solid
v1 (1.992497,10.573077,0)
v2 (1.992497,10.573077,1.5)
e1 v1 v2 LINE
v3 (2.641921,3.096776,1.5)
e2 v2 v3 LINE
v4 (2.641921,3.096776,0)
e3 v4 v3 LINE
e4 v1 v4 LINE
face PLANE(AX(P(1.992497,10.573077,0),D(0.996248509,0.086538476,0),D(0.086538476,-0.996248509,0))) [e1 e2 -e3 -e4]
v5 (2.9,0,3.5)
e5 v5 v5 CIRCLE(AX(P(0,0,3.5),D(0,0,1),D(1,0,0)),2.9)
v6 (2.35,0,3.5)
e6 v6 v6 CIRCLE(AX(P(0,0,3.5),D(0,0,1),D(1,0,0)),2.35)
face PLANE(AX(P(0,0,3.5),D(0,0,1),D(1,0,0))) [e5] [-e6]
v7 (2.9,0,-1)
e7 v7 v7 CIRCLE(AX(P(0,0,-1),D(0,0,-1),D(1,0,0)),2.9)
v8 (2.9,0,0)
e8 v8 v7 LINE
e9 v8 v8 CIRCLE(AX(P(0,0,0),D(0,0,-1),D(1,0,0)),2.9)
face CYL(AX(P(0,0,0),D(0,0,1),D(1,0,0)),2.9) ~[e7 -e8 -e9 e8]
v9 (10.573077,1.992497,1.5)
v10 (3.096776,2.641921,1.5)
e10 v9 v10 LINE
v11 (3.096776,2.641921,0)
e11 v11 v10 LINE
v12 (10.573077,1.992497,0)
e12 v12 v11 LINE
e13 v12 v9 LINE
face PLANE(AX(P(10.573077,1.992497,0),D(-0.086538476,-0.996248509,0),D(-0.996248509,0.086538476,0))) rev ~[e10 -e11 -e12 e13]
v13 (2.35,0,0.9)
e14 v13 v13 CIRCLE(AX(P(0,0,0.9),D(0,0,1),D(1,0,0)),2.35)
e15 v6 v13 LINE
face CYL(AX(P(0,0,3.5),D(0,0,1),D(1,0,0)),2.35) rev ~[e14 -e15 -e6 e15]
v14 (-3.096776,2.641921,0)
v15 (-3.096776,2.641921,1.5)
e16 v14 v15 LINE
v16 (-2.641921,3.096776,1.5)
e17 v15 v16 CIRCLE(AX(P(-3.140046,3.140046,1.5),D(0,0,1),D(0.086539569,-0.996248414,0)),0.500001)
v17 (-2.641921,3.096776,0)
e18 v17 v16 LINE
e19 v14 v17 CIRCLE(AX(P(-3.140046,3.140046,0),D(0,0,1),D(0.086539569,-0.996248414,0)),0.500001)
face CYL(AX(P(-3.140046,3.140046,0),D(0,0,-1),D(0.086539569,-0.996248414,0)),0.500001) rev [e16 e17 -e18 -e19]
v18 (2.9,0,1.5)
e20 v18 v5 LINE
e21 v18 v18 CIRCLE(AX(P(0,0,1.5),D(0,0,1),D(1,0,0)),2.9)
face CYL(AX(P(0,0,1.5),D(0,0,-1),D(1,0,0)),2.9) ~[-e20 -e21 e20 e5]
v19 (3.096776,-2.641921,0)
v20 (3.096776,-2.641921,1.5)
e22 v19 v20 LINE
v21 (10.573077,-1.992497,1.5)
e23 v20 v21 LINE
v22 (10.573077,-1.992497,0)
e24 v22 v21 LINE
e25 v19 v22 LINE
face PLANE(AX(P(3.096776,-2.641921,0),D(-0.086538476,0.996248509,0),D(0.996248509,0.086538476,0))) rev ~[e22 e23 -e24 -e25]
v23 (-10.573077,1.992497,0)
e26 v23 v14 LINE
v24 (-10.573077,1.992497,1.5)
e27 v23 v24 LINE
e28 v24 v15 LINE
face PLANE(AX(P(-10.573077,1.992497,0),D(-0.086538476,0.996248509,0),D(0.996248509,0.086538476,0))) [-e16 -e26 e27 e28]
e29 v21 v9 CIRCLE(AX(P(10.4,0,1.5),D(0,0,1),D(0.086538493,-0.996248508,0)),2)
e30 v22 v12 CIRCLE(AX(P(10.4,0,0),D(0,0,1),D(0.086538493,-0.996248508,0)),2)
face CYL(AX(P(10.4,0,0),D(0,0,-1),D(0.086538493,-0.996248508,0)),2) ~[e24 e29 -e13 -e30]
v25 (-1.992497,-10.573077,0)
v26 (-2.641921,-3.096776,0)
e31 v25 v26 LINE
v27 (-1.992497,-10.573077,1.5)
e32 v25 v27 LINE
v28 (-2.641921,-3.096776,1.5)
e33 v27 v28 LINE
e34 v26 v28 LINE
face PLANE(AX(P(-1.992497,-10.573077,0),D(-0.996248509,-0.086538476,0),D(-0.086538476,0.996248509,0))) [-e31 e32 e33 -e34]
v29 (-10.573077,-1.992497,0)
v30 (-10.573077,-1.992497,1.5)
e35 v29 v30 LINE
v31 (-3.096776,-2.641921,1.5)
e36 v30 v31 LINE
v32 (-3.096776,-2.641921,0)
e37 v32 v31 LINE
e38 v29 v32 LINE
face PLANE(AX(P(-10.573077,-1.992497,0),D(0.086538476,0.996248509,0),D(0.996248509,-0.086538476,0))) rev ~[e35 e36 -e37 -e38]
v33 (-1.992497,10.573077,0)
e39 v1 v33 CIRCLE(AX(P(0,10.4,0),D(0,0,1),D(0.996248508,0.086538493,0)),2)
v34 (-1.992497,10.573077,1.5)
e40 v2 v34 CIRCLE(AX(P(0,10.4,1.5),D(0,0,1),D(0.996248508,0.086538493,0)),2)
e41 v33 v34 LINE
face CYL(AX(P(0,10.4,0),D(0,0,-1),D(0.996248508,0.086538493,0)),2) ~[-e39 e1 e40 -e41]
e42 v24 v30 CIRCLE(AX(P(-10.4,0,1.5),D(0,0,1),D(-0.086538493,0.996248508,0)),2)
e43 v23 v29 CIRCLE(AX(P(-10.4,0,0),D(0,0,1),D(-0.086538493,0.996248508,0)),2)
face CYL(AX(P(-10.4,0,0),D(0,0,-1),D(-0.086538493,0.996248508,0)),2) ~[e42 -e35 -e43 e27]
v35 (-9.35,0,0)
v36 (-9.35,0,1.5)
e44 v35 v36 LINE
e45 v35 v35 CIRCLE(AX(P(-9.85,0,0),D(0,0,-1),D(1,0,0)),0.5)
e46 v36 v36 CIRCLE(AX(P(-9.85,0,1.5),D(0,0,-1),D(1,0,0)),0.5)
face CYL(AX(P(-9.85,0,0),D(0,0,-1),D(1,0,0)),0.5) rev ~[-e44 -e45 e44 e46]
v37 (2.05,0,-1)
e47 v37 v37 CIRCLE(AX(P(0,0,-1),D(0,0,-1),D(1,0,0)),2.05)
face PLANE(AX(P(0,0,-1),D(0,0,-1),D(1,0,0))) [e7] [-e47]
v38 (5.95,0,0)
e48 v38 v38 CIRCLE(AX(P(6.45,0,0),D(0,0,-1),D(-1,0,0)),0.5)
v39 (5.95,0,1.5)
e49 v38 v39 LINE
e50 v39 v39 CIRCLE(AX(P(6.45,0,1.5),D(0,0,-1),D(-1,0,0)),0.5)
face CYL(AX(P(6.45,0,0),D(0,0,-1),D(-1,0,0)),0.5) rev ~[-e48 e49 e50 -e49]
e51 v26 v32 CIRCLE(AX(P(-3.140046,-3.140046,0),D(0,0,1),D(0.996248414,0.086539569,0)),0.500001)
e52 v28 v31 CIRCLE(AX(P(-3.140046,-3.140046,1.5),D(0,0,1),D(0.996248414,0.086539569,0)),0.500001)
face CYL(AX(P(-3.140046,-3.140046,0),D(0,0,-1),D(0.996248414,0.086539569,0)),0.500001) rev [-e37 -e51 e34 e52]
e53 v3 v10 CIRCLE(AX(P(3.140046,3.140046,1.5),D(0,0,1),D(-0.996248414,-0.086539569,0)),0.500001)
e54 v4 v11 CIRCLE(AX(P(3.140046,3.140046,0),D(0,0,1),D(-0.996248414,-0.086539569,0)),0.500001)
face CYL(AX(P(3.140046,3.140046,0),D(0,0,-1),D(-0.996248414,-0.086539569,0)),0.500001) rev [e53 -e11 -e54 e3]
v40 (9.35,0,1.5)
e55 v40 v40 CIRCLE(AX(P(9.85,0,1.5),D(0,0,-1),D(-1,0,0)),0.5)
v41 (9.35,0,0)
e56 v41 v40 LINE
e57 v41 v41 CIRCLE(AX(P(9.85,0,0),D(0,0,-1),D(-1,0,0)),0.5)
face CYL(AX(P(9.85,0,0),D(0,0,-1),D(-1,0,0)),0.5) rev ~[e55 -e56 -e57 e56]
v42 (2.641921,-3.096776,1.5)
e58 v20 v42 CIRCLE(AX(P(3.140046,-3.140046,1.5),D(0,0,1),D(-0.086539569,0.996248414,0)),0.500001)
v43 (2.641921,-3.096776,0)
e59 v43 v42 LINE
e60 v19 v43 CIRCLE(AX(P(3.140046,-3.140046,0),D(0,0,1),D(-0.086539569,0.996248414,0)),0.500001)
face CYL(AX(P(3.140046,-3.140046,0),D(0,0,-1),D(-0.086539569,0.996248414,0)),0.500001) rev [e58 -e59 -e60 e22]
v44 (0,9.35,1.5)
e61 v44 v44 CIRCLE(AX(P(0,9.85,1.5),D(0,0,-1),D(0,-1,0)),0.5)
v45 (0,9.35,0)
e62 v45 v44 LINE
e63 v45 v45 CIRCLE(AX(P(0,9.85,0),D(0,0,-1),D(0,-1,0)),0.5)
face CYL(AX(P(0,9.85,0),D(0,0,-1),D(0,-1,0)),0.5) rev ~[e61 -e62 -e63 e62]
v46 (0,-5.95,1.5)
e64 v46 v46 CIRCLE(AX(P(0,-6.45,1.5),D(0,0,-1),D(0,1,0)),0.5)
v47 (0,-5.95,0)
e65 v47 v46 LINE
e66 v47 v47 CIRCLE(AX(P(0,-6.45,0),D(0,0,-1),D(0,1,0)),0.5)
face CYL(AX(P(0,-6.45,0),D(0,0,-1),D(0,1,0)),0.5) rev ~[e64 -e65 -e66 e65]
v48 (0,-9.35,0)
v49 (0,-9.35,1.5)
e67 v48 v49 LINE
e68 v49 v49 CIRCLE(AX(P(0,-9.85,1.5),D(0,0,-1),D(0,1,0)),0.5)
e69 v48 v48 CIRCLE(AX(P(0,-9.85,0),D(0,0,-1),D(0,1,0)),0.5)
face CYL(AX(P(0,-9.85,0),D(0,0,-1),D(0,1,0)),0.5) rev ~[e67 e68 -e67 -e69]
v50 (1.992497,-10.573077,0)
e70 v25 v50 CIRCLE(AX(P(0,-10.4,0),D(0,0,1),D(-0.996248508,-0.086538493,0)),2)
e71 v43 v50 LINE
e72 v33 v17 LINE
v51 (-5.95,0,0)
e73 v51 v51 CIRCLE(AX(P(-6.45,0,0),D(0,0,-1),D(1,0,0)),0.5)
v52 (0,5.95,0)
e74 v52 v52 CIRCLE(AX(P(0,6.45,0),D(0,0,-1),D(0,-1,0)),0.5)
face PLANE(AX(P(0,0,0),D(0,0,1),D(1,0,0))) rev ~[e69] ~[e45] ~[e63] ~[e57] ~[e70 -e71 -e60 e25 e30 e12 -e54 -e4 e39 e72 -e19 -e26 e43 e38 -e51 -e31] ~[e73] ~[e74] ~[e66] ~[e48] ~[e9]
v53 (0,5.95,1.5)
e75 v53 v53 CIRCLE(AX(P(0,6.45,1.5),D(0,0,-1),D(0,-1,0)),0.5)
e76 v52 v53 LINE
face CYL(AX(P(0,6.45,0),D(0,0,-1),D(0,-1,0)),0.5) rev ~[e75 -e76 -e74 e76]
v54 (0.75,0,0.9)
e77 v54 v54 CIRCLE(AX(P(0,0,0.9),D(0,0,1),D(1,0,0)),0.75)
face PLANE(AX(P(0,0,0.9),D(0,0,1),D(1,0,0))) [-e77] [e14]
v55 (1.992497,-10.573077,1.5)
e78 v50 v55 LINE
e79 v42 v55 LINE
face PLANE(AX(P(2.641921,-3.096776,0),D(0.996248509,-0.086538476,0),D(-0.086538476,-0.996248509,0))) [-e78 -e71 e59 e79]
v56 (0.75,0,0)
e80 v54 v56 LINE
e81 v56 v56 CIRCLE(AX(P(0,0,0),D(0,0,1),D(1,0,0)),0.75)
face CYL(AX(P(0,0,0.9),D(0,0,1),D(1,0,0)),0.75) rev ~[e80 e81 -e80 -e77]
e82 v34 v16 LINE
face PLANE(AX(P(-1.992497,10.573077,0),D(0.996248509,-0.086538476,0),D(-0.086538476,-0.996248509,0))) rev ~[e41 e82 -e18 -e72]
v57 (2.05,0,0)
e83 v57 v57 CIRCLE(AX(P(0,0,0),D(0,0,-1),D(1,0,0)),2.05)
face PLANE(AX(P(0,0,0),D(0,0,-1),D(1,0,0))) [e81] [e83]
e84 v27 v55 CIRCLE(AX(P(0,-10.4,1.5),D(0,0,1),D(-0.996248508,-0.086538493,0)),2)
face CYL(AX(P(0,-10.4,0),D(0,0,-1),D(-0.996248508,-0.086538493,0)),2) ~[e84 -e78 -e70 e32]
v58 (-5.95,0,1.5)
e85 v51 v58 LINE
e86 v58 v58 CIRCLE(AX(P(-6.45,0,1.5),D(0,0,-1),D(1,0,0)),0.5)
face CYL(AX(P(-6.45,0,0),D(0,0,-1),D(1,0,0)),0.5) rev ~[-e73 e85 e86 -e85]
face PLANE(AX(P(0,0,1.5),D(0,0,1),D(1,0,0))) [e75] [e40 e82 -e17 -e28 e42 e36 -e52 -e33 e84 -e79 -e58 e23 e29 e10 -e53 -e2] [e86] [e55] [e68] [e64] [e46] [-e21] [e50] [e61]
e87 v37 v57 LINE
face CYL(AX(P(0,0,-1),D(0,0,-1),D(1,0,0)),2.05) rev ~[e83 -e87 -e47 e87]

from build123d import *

# Parameters (mm, degrees)
PAD_DEPTH          = 1.5
SKETCH001_R        = 2.9
PAD001_DEPTH       = 2
SKETCH002_R        = 2.35
POCKET_DEPTH       = 2.6
SKETCH003_R        = 0.75
POCKET001_DEPTH    = 0.901
SKETCH004_R        = 2.9
PAD002_DEPTH       = 1
SKETCH005_R        = 2.05
POCKET002_DEPTH    = 1
SKETCH006_R        = 0.5
POCKET003_DEPTH    = 74.221011
POLARPATTERN_COUNT = 4


with BuildPart() as part:
    # Sketch → Pad (new body)
    with BuildSketch(Plane.XY):
        with BuildLine():
            ThreePointArc((-10.573077, 1.992497), (-12.4, 0), (-10.573077, -1.992497))
            Line((-10.573077, -1.992497), (-3.096776, -2.641921))
            ThreePointArc((-2.641921, -3.096776), (-2.786492, -2.786492), (-3.096776, -2.641921))
            Line((-1.992497, -10.573077), (-2.641921, -3.096776))
            ThreePointArc((-1.992497, -10.573077), (0, -12.4), (1.992497, -10.573077))
            Line((2.641921, -3.096776), (1.992497, -10.573077))
            ThreePointArc((3.096776, -2.641921), (2.786492, -2.786492), (2.641921, -3.096776))
            Line((3.096776, -2.641921), (10.573077, -1.992497))
            ThreePointArc((10.573077, -1.992497), (12.4, 0), (10.573077, 1.992497))
            Line((10.573077, 1.992497), (3.096776, 2.641921))
            ThreePointArc((2.641921, 3.096776), (2.786492, 2.786492), (3.096776, 2.641921))
            Line((1.992497, 10.573077), (2.641921, 3.096776))
            ThreePointArc((1.992497, 10.573077), (0, 12.4), (-1.992497, 10.573077))
            Line((-1.992497, 10.573077), (-2.641921, 3.096776))
            ThreePointArc((-3.096776, 2.641921), (-2.786492, 2.786492), (-2.641921, 3.096776))
            Line((-10.573077, 1.992497), (-3.096776, 2.641921))
        make_face()
    extrude(amount=PAD_DEPTH)

    # Sketch001 → Pad001 (new body)
    with BuildSketch(Plane.XY.offset(1.5)):
        Circle(SKETCH001_R)
    extrude(amount=PAD001_DEPTH)

    # Sketch002 → Pocket (cut)
    with BuildSketch(Plane.XY.offset(3.5)):
        Circle(SKETCH002_R)
    extrude(amount=-POCKET_DEPTH, mode=Mode.SUBTRACT)

    # Sketch003 → Pocket001 (cut, through all)
    with BuildSketch(Plane.XY.offset(0.9)):
        Circle(SKETCH003_R)
    extrude(amount=-POCKET001_DEPTH, mode=Mode.SUBTRACT)

    # Sketch004 → Pad002 (new body)
    with BuildSketch(Plane(origin=(0, 0, 0), x_dir=(1, 0, 0), z_dir=(0, 0, -1))):
        Circle(SKETCH004_R)
    extrude(amount=PAD002_DEPTH)

    # Sketch005 → Pocket002 (cut)
    with BuildSketch(Plane(origin=(0, 0, -1), x_dir=(1, 0, 0), z_dir=(0, 0, -1))):
        Circle(SKETCH005_R)
    extrude(amount=-POCKET002_DEPTH, mode=Mode.SUBTRACT)

    # Sketch006 → Pocket003 (cut, through all)
    with BuildSketch(Plane(origin=(0, 0, 0), x_dir=(1, 0, 0), z_dir=(0, 0, -1))):
        with Locations((-6.45, 0)):
            Circle(SKETCH006_R)
        with Locations((-9.85, 0)):
            Circle(SKETCH006_R)
    pocket003 = extrude(amount=-POCKET003_DEPTH, mode=Mode.SUBTRACT)

    # PolarPattern: Pocket003 ×4 about axis
    polarpattern_axis = Axis((0, 0, 0), (0, 0, -1))
    for i in range(1, POLARPATTERN_COUNT):
        add(pocket003.rotate(polarpattern_axis, i * 360 / POLARPATTERN_COUNT), mode=Mode.SUBTRACT)


solid = part.part
